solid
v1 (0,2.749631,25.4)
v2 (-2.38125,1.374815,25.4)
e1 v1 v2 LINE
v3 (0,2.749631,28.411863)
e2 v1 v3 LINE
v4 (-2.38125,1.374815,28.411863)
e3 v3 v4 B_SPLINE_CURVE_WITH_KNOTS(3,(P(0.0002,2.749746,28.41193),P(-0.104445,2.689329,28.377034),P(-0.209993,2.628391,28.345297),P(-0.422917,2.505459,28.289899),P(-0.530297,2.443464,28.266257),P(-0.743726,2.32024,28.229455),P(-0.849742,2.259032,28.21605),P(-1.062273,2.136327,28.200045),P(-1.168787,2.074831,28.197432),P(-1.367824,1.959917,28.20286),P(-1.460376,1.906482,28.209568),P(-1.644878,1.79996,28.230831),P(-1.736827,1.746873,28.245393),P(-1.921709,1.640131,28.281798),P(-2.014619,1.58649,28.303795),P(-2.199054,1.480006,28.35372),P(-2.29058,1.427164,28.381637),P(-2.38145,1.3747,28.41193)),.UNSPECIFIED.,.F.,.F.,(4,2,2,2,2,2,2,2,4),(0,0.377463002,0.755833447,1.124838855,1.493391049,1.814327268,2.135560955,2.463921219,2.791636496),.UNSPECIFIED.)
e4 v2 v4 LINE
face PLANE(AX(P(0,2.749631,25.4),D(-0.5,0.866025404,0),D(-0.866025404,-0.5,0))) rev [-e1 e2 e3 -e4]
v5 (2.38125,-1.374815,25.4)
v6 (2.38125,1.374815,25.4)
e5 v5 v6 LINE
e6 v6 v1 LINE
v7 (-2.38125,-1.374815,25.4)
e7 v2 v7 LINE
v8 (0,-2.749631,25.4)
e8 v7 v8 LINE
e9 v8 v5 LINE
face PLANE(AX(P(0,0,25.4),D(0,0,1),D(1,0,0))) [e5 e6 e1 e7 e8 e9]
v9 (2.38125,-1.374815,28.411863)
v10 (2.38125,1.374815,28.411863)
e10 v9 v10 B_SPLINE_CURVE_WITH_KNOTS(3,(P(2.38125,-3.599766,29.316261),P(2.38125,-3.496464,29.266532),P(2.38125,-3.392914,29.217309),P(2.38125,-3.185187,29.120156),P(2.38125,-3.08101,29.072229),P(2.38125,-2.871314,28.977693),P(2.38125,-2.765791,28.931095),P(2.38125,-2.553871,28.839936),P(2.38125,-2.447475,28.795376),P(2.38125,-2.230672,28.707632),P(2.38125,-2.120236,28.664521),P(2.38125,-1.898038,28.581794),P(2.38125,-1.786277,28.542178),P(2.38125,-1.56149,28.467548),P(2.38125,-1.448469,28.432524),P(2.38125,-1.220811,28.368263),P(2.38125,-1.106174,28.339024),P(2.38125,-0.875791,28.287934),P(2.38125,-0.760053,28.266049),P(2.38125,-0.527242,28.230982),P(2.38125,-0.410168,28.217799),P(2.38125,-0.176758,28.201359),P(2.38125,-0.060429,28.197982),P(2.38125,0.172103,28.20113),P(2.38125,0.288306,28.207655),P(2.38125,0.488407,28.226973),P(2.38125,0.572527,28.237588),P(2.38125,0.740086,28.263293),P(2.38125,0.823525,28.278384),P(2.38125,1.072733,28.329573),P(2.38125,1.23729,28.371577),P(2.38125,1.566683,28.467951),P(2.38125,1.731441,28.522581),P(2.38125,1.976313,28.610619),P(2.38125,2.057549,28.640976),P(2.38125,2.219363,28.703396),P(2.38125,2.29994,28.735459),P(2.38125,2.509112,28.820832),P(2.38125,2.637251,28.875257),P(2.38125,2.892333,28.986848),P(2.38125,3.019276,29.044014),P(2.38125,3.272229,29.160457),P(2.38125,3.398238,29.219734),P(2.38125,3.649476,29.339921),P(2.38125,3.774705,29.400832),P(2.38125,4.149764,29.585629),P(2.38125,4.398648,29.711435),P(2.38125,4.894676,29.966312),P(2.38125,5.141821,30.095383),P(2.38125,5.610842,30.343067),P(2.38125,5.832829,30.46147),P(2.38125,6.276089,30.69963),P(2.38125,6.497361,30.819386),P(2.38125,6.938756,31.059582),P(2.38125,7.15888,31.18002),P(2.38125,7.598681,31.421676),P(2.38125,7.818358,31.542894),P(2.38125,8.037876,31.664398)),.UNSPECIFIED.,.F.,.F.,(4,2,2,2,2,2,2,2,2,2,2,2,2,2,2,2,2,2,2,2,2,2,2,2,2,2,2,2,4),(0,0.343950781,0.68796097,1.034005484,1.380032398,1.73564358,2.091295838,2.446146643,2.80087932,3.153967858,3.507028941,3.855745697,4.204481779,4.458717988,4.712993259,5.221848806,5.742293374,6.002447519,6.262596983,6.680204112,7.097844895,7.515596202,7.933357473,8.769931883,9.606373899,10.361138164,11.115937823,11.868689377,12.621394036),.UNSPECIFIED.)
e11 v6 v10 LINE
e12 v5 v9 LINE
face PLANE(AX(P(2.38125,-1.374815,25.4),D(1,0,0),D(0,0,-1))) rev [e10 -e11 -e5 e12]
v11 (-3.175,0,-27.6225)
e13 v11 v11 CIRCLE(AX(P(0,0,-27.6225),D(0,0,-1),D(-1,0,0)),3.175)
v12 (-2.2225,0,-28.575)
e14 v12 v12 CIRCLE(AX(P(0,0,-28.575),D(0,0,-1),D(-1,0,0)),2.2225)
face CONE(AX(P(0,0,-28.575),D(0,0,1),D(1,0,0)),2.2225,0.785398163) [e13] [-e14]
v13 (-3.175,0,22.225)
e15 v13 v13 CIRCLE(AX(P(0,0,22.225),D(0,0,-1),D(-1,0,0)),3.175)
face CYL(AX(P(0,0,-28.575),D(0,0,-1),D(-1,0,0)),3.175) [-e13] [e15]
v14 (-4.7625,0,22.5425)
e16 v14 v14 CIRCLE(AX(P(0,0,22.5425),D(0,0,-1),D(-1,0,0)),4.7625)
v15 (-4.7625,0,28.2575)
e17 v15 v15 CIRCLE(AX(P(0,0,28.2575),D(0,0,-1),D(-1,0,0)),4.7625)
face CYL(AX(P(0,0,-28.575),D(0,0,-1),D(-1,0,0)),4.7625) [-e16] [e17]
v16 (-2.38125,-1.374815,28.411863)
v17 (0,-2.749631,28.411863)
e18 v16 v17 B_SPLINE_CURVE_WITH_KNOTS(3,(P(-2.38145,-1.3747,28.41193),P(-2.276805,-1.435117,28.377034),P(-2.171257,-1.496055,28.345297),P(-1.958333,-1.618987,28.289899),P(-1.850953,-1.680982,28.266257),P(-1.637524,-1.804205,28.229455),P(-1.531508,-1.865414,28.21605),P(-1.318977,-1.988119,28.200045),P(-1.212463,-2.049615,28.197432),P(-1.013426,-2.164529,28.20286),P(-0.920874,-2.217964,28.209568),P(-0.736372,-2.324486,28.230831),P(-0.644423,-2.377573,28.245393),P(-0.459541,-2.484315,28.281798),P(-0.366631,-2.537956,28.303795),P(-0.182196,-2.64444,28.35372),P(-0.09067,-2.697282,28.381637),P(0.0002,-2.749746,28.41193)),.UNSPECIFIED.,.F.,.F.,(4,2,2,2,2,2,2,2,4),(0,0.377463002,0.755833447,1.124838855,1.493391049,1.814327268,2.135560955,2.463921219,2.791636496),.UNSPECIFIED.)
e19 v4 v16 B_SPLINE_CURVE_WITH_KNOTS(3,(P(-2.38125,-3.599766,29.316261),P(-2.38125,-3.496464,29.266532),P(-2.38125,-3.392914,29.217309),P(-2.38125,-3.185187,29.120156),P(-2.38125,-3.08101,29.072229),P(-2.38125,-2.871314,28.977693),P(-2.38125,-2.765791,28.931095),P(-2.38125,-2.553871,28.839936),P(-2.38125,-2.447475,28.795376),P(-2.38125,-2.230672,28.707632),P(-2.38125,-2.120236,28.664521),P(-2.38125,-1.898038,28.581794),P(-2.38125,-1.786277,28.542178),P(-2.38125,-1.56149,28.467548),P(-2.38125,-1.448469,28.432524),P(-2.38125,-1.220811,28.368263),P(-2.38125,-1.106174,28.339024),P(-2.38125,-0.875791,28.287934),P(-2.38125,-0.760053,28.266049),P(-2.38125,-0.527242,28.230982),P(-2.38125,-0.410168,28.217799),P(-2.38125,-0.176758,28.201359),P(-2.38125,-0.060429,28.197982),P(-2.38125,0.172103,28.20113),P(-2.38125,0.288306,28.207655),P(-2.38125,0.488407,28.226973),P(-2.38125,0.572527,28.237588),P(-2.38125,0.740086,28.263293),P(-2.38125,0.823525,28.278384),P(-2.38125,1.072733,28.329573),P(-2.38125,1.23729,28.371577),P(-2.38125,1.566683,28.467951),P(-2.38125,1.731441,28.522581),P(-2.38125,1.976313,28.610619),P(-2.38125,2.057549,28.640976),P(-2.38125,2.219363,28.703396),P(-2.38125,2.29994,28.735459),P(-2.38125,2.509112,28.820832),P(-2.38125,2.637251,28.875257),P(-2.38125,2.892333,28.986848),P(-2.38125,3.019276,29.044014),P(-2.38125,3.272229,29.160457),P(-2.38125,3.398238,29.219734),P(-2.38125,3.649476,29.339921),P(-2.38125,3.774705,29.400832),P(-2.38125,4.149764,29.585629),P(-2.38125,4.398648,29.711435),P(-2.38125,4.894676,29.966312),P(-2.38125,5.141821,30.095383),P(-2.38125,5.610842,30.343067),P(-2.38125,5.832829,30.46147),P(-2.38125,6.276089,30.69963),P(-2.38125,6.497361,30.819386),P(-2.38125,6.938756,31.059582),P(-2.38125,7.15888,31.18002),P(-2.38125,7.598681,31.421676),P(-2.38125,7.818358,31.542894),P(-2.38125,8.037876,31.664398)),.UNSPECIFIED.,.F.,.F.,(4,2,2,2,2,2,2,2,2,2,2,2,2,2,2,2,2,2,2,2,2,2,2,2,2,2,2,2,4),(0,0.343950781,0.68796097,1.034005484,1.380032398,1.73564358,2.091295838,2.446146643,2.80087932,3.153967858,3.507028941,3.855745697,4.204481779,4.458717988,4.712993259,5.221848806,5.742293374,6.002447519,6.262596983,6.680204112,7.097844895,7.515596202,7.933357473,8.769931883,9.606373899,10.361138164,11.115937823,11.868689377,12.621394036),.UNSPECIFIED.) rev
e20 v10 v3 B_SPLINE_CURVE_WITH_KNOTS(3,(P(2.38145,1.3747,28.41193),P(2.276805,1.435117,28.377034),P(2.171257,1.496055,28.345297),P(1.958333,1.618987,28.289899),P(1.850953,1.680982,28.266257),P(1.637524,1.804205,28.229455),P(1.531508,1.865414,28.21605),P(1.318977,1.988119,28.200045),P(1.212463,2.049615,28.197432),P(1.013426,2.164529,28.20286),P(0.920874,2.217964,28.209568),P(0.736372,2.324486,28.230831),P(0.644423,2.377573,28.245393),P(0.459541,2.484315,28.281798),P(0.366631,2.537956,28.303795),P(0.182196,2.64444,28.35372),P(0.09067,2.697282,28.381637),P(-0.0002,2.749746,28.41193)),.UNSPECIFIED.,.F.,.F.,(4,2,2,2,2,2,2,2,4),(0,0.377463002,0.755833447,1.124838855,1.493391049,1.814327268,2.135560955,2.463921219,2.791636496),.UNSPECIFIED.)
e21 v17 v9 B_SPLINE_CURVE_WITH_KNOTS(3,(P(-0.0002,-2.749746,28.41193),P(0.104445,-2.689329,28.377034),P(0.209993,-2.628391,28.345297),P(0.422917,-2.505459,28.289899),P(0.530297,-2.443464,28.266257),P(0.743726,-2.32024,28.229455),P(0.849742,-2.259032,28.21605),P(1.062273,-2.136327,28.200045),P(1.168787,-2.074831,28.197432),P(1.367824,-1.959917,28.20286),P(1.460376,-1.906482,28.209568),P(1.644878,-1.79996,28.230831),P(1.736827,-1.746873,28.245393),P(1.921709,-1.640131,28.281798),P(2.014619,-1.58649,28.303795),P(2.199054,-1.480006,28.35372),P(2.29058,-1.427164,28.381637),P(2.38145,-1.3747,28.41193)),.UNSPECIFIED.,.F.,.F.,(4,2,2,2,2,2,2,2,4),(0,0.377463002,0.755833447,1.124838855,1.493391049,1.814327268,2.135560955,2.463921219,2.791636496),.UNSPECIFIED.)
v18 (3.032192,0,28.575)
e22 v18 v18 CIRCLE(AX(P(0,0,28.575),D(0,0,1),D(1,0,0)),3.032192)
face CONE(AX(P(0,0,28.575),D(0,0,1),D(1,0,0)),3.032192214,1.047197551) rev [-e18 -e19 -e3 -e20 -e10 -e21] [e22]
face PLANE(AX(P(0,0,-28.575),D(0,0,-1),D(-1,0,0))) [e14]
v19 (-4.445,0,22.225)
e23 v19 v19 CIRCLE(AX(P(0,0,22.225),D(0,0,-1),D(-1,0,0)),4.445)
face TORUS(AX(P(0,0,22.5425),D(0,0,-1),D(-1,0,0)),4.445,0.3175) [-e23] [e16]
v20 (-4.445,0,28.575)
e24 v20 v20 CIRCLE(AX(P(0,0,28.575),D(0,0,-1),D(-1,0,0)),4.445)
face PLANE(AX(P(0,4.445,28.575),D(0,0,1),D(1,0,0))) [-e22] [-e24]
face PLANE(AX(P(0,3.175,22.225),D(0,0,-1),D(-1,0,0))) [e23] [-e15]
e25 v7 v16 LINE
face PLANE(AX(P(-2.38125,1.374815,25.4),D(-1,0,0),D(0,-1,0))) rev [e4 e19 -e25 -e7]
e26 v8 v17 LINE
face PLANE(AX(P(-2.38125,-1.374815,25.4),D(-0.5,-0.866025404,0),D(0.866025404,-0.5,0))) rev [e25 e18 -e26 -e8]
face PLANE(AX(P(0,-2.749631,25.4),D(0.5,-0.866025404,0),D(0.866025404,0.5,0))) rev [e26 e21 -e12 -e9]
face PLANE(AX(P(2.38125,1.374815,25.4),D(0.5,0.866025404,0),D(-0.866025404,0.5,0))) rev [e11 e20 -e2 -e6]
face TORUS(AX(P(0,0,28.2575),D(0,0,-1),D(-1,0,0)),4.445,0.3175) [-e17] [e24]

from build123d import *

# Parameters (mm, degrees)
CUT_EXTRUDE1_START = 28.575
CUT_EXTRUDE1_DEPTH = 3.175


with BuildPart() as part:
    # Sketch2 → Revolve1 (revolve)
    with BuildSketch(Plane(origin=(0, 0, 0), x_dir=(0, 0, -1), z_dir=(1, 0, 0)), mode=Mode.PRIVATE) as revolve1_sk:
        with BuildLine():
            Line((28.575, 0), (28.575, 2.2225))
            Line((28.575, 2.2225), (27.6225, 3.175))
            Line((27.6225, 3.175), (-22.225, 3.175))
            Line((-22.225, 3.175), (-22.225, 4.445))
            ThreePointArc((-22.225, 4.445), (-22.317993597, 4.669506403), (-22.5425, 4.7625))
            Line((-22.5425, 4.7625), (-28.2575, 4.7625))
            ThreePointArc((-28.2575, 4.7625), (-28.482006403, 4.669506403), (-28.575, 4.445))
            Line((-28.575, 4.445), (-28.575, 0))
            Line((-28.575, 0), (28.575, 0))
        make_face()
    revolve(revolve1_sk.sketch.rotate(Axis((0, 0, -28.575), (0, 0, 1)), 90), axis=Axis((0, 0, -28.575), (0, 0, 1)))

    # Sketch3 → Cut-Extrude1 (cut)
    with BuildSketch(Plane.XY.offset(CUT_EXTRUDE1_START)):
        Polygon((-2.38125, 1.374815329), (-2.38125, -1.374815329), (0, -2.749630657), (2.38125, -1.374815329), (2.38125, 1.374815329), (0, 2.749630657), align=None)
    extrude(amount=-CUT_EXTRUDE1_DEPTH, mode=Mode.SUBTRACT)

    # Cut-Extrude2 cone 1 section (through the dimple's axis) → Cut-Extrude2 (revolve, cut)
    with BuildSketch(Plane(origin=(0, 0, 28.575), x_dir=(0, -1, 0), z_dir=(1, 0, 0))):
        Polygon((0, 0), (3.032192214, 0), (0, 1.750636991), align=None)
    revolve(axis=Axis((0, 0, 28.575), (0, 0, -1)), mode=Mode.SUBTRACT)


solid = part.part
